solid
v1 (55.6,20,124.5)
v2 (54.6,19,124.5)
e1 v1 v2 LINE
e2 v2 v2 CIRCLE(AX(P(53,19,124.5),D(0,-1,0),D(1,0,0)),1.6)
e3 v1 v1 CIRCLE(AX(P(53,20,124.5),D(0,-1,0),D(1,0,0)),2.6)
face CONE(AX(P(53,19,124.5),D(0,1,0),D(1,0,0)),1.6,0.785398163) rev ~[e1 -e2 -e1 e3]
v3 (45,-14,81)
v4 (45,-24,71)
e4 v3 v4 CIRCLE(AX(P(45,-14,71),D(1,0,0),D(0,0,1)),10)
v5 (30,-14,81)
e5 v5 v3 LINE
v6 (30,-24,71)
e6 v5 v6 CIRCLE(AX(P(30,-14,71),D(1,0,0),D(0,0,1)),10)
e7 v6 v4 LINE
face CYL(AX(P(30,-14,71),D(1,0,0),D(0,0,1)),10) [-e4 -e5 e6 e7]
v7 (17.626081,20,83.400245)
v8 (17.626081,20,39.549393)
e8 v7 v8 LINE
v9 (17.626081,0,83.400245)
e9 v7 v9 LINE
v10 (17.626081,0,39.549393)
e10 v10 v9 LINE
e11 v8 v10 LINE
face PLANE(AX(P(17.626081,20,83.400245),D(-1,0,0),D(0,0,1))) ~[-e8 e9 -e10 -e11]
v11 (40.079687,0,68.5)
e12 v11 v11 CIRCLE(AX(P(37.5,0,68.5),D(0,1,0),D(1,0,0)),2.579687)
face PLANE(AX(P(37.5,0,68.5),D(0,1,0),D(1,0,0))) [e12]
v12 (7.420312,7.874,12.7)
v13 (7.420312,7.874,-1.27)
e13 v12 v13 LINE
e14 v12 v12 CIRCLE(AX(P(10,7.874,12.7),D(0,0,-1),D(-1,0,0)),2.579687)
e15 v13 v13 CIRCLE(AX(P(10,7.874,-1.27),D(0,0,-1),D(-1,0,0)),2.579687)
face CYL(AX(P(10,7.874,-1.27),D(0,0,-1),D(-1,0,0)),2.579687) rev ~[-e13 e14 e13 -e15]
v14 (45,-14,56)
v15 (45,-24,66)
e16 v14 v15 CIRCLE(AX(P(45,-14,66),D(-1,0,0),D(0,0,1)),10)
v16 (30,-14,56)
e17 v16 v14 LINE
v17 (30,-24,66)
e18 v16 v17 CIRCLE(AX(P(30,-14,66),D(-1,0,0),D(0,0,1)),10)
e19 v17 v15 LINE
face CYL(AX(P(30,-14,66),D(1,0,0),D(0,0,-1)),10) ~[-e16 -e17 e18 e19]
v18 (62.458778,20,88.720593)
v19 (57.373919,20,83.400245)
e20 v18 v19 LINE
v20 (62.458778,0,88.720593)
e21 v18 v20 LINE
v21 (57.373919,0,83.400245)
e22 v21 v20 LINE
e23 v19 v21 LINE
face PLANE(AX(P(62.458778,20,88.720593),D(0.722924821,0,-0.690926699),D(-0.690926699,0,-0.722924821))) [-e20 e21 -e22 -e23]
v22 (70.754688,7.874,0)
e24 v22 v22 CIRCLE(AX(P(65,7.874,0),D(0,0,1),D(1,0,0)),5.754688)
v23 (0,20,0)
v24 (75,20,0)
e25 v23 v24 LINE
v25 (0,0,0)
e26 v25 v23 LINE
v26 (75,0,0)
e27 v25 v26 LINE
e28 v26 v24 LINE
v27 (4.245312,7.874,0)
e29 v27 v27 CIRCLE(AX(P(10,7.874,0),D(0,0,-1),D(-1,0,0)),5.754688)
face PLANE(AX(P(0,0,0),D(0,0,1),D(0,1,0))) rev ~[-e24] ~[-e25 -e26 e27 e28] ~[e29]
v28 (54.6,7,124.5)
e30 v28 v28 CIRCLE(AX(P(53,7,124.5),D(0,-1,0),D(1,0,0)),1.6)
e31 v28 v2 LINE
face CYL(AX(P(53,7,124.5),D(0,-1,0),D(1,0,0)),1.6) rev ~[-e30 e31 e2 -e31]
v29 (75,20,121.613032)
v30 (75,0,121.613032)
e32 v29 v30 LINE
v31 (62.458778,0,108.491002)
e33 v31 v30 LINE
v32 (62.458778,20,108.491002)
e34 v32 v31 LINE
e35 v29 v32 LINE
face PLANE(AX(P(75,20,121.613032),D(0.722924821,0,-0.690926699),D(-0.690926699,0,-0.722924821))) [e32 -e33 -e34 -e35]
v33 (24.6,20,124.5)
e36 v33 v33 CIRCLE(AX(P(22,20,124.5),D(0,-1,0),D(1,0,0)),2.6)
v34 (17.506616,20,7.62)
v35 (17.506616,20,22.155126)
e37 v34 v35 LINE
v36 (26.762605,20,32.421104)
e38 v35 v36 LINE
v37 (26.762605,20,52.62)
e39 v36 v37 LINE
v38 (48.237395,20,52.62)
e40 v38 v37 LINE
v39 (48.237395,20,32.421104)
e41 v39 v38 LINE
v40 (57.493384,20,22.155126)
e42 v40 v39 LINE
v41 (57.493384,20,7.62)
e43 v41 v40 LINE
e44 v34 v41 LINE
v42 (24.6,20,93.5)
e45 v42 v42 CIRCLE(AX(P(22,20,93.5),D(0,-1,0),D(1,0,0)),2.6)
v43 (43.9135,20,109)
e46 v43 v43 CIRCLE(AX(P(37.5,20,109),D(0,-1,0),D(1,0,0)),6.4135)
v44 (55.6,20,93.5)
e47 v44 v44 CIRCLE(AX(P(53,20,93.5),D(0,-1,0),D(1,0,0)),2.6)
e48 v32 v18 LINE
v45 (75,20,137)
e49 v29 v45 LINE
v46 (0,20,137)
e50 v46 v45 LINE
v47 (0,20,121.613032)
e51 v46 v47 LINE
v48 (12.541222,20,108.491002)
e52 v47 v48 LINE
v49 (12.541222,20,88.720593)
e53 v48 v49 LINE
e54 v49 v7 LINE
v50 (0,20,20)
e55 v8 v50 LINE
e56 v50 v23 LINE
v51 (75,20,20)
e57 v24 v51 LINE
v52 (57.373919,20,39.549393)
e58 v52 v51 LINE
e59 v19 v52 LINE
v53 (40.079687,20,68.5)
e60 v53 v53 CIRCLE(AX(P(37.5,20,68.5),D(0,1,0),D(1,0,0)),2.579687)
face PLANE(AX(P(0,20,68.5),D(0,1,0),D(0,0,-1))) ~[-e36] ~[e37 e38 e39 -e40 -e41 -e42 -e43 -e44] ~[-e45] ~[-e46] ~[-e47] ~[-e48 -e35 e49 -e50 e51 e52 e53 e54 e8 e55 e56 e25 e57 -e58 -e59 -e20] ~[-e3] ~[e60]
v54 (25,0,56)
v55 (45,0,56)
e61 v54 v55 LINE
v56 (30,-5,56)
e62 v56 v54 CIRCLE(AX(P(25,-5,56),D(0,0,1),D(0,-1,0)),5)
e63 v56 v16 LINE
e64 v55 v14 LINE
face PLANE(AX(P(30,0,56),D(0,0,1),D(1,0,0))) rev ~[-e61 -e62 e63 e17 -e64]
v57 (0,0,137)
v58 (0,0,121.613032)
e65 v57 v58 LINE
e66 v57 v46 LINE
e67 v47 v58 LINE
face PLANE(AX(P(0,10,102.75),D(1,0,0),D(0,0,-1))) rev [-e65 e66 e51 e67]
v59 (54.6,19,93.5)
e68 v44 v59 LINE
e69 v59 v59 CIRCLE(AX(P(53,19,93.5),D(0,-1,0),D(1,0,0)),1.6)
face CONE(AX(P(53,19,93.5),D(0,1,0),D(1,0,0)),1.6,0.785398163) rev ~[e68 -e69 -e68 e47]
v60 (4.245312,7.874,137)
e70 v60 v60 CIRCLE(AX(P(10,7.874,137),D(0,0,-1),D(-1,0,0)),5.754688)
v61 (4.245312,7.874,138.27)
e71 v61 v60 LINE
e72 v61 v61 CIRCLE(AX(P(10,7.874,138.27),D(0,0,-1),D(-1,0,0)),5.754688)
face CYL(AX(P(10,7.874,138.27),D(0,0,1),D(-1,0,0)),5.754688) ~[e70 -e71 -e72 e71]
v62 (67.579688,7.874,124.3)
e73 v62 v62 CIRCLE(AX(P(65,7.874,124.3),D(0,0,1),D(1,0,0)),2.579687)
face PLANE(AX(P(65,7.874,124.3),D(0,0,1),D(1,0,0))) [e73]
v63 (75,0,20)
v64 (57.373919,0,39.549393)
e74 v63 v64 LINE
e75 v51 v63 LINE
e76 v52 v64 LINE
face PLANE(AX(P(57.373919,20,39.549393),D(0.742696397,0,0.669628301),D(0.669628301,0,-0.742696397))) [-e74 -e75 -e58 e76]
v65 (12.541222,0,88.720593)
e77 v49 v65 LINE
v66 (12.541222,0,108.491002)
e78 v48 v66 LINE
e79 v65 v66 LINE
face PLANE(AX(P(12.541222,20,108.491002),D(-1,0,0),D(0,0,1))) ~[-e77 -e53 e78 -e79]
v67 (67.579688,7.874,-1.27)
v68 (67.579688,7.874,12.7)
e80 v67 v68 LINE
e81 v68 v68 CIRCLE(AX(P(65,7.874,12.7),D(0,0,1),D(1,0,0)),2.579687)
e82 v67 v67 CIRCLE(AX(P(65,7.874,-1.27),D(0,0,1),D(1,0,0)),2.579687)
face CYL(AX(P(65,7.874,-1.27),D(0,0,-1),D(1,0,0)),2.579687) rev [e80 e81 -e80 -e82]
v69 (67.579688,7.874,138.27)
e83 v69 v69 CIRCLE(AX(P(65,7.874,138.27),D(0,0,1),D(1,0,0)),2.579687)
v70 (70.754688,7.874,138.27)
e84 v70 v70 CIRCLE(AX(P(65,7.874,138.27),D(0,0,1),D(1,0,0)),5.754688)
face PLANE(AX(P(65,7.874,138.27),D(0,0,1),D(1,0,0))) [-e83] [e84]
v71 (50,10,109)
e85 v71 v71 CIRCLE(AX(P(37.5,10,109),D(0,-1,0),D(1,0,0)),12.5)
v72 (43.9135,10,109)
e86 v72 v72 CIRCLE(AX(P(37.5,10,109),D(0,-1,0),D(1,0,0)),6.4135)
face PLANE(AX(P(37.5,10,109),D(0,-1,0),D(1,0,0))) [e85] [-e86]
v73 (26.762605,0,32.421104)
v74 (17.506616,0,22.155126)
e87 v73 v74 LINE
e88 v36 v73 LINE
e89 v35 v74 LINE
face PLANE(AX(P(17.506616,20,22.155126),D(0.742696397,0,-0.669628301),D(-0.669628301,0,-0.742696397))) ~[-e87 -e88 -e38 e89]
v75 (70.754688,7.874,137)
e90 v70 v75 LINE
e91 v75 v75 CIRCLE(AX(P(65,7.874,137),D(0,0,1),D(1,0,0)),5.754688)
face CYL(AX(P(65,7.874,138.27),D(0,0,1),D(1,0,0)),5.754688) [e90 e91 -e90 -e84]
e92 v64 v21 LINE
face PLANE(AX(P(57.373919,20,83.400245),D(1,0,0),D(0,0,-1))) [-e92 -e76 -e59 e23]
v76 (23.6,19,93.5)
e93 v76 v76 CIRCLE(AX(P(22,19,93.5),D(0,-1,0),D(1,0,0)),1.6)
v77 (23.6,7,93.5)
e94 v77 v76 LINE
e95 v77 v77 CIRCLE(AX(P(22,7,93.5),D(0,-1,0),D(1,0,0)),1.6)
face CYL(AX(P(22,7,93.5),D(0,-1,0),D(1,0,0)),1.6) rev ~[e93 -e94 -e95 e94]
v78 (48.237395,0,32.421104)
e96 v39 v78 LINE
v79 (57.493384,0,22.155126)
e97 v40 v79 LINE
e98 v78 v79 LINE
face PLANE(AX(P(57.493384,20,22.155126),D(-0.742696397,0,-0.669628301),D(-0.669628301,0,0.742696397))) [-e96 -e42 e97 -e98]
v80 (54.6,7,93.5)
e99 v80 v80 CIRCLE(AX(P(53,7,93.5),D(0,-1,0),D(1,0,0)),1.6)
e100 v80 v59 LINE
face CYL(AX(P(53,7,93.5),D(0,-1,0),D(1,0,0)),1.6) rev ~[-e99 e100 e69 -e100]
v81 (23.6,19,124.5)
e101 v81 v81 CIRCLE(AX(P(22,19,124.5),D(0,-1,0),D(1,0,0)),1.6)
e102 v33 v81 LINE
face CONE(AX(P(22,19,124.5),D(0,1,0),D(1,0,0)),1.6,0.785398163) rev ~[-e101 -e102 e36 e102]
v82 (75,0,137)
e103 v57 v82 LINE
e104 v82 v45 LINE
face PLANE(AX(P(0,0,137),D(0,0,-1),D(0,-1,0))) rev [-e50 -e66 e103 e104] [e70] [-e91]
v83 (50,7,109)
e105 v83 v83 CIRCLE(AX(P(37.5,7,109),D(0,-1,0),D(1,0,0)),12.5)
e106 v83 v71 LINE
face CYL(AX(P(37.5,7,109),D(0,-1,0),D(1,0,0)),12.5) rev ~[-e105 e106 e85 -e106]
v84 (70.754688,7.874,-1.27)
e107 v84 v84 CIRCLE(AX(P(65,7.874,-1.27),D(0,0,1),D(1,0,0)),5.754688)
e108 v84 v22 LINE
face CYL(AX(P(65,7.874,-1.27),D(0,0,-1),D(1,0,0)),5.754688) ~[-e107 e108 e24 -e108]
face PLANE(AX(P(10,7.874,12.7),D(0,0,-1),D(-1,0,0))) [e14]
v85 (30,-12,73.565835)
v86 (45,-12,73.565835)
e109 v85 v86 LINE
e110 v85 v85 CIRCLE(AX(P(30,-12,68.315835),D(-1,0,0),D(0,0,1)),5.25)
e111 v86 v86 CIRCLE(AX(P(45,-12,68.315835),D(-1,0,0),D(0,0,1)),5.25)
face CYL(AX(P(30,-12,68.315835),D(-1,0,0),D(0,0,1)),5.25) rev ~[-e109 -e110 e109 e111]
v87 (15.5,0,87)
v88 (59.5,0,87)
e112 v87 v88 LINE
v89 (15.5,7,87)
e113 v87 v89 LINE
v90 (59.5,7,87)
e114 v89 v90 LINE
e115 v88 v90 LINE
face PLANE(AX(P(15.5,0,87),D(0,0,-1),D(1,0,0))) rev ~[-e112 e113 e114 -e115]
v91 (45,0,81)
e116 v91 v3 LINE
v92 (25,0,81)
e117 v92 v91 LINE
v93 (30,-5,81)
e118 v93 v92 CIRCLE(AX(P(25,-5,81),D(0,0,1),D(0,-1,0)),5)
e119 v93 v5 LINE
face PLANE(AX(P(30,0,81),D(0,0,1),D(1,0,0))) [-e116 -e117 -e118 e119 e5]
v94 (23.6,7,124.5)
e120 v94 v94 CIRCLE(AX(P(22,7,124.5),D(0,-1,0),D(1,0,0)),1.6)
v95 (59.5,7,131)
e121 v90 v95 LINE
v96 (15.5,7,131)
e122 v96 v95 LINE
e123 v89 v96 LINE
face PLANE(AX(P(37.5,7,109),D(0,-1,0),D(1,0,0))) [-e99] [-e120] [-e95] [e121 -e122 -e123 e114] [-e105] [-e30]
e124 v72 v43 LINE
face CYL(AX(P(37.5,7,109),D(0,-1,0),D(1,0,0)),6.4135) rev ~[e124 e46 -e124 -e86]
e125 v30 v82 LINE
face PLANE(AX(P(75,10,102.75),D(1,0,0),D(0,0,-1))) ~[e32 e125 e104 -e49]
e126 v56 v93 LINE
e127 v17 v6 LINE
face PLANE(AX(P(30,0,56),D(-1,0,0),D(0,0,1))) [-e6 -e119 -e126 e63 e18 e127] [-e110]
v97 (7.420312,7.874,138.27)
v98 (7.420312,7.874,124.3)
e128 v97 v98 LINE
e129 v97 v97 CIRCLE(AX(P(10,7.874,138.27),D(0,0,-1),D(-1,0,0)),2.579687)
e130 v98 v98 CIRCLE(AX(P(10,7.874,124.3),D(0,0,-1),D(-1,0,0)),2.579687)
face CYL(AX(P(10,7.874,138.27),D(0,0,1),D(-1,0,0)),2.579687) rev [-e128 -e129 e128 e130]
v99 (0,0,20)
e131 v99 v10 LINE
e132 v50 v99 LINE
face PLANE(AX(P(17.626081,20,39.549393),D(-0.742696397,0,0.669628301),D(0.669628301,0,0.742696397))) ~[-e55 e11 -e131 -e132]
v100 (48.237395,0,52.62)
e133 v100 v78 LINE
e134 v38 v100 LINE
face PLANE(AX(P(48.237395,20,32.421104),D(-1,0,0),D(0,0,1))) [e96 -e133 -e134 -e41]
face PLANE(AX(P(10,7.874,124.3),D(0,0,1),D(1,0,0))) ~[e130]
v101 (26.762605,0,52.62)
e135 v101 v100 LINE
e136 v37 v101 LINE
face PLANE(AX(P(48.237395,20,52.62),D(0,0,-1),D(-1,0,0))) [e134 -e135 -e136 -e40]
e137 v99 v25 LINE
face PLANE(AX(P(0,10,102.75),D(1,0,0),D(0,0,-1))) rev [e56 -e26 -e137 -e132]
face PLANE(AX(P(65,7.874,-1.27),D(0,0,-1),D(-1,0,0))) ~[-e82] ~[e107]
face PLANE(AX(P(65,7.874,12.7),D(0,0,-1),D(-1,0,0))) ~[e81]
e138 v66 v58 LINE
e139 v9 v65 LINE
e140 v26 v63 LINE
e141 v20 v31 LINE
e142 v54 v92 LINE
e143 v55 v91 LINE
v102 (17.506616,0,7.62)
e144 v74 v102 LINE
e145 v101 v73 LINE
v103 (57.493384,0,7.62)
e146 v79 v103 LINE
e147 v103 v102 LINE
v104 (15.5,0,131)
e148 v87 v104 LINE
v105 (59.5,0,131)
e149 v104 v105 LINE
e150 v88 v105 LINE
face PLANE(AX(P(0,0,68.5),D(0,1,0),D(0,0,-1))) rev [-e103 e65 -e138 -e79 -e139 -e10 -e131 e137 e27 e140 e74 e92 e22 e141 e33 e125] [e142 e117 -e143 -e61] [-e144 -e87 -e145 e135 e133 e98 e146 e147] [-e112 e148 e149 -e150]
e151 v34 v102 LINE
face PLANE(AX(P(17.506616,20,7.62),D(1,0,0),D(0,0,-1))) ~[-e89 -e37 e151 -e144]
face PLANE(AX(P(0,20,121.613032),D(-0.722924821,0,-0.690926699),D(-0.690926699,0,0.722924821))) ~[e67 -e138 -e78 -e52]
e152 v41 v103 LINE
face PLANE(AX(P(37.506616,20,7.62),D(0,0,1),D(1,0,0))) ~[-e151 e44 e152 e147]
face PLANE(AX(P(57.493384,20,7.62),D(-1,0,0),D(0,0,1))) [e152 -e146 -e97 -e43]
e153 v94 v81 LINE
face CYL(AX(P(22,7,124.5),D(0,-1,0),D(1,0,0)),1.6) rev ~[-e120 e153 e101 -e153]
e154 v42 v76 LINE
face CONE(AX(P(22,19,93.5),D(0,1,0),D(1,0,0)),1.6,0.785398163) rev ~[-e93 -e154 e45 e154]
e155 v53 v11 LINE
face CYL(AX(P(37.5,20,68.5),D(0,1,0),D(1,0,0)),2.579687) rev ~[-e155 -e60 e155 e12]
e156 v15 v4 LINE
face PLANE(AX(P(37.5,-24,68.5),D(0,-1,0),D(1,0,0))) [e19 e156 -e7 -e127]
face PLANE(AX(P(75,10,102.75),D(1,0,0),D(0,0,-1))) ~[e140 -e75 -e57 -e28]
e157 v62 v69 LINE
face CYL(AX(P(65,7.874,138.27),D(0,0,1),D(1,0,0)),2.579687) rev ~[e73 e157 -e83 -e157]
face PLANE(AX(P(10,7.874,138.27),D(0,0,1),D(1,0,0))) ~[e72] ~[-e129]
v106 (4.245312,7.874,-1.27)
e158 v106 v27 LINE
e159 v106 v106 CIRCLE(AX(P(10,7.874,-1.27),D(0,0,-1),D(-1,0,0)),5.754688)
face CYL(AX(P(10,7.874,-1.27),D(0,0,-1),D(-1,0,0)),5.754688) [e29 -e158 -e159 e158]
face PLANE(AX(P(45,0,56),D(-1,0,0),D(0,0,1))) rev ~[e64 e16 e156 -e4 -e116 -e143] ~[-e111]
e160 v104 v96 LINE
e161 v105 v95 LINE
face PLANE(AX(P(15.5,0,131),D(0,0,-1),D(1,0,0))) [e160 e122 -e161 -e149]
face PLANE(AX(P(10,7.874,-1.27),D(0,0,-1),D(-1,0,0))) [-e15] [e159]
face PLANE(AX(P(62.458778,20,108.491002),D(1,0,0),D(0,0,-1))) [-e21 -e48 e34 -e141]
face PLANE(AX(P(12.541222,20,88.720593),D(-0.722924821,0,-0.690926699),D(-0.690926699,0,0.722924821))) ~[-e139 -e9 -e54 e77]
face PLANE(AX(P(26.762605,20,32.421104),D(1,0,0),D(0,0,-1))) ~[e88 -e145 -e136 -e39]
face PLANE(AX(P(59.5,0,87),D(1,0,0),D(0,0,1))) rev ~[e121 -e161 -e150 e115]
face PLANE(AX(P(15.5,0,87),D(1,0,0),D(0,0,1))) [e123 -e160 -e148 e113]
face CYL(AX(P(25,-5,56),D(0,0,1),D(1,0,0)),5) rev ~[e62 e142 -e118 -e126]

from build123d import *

# Parameters (mm, degrees)
SKETCH1_W                 = 68.5
SKETCH1_H                 = 20
BOSS_EXTRUDE1_DEPTH       = 75
SKETCH5_W                 = 15
SKETCH5_H                 = 25
BOSS_EXTRUDE2_DEPTH       = 24
SKETCH6_R                 = 5.25
CUT_EXTRUDE4_DEPTH        = 147.184814533
SKETCH2_W                 = 44
SKETCH2_H                 = 44
CUT_EXTRUDE1_DEPTH        = 7
SKETCH3_R                 = 6.4135
SKETCH3_R_2               = 1.6
CUT_EXTRUDE2_DEPTH        = 160.232534364
SKETCH4_R                 = 12.5
CUT_EXTRUDE3_DEPTH        = 3
CHAMFER1_SIZE             = 1
FILLET1_R                 = 10
FILLET2_R                 = 5
SKETCH16_R                = 2.5796875
CUT_EXTRUDE6_DEPTH        = 20
SKETCH7_R                 = 2.5796875
CUT_EXTRUDE7_DEPTH        = 12.7
BOSS_EXTRUDE3_START       = 1.27
SKETCH7_3_R               = 5.7546875
SKETCH7_3_R_2             = 2.5796875
BOSS_EXTRUDE3_DEPTH       = 1.27
MIRROR3_COPY_1_SKETCH_R   = 2.5796875
MIRROR3_COPY_1_DEPTH      = 12.7
MIRROR3_START             = 1.27
MIRROR3_COPY_2_SKETCH_R   = 5.7546875
MIRROR3_COPY_2_SKETCH_R_2 = 2.5796875
MIRROR3_COPY_2_DEPTH      = 1.27
CUT_EXTRUDE8_DEPTH        = 164.338889735


with BuildPart() as part:
    # Sketch1 → Boss-Extrude1 (new body)
    with BuildSketch(Plane(origin=(0, 0, 0), x_dir=(0, 0, -1), z_dir=(1, 0, 0))):
        with Locations((-34.25, 10)):
            Rectangle(SKETCH1_W, SKETCH1_H)
    boss_extrude1 = extrude(amount=BOSS_EXTRUDE1_DEPTH)

    # Mirror1: Boss-Extrude1 across plane
    add(boss_extrude1.mirror(Plane(origin=(75, 0, 68.5), x_dir=(1, 0, 0), z_dir=(0, 0, -1))))

    # Sketch5 → Boss-Extrude2 (add)
    with BuildSketch(Plane.XZ):
        with Locations((37.5, 68.5)):
            Rectangle(SKETCH5_W, SKETCH5_H)
    extrude(amount=BOSS_EXTRUDE2_DEPTH)

    # Sketch6 → Cut-Extrude4 (cut, through all)
    with BuildSketch(Plane.ZY.offset(-30)):
        with Locations((68.315835428, -12)):
            Circle(SKETCH6_R)
    extrude(amount=-CUT_EXTRUDE4_DEPTH, mode=Mode.SUBTRACT)

    # Sketch2 → Cut-Extrude1 (cut)
    with BuildSketch(Plane.XZ):
        with Locations((37.5, 109)):
            Rectangle(SKETCH2_W, SKETCH2_H)
    extrude(amount=-CUT_EXTRUDE1_DEPTH, mode=Mode.SUBTRACT)

    # Sketch3 → Cut-Extrude2 (cut, through all)
    with BuildSketch(Plane.XZ.offset(-7)):
        with Locations((37.5, 109)):
            Circle(SKETCH3_R)
        with Locations((22, 93.5)):
            Circle(SKETCH3_R_2)
        with Locations((22, 124.5)):
            Circle(SKETCH3_R_2)
        with Locations((53, 124.5)):
            Circle(SKETCH3_R_2)
        with Locations((53, 93.5)):
            Circle(SKETCH3_R_2)
    extrude(amount=-CUT_EXTRUDE2_DEPTH, mode=Mode.SUBTRACT)

    # Sketch4 → Cut-Extrude3 (cut)
    with BuildSketch(Plane.XZ.offset(-7)):
        with Locations((37.5, 109)):
            Circle(SKETCH4_R)
    extrude(amount=-CUT_EXTRUDE3_DEPTH, mode=Mode.SUBTRACT)

    # Chamfer1
    chamfer1_edges = [part.edges().sort_by_distance(p)[0] for p in [
        (20.4, 20, 124.5),
        (51.4, 20, 124.5),
        (51.4, 20, 93.5),
        (20.4, 20, 93.5),
    ]]
    chamfer(chamfer1_edges, length=CHAMFER1_SIZE)

    # Fillet1
    fillet1_edges = [part.edges().sort_by_distance(p)[0] for p in [
        (37.5, -24, 56),
        (37.5, -24, 81),
    ]]
    fillet(fillet1_edges, radius=FILLET1_R)

    # Fillet2
    fillet2_edges = [part.edges().sort_by_distance(p)[0] for p in [
        (30, 0, 68.5),
    ]]
    fillet(fillet2_edges, radius=FILLET2_R)

    # Sketch16 → Cut-Extrude6 (cut)
    with BuildSketch(Plane(origin=(0, 20, 0), x_dir=(1, 0, 0), z_dir=(0, 1, 0))):
        with Locations((37.5, -68.5)):
            Circle(SKETCH16_R)
    extrude(amount=-CUT_EXTRUDE6_DEPTH, mode=Mode.SUBTRACT)

    # Sketch7 → Cut-Extrude7 (cut)
    with BuildSketch(Plane(origin=(0, 0, 0), x_dir=(-1, 0, 0), z_dir=(0, 0, -1))):
        with Locations((-10, 7.874)):
            Circle(SKETCH7_R)
    cut_extrude7 = extrude(amount=-CUT_EXTRUDE7_DEPTH, mode=Mode.SUBTRACT)

    # Sketch7<3> → Boss-Extrude3 (add)
    with BuildSketch(Plane(origin=(0, 0, 0), x_dir=(-1, 0, 0), z_dir=(0, 0, -1)).offset(BOSS_EXTRUDE3_START)):
        with Locations((-10, 7.874)):
            Circle(SKETCH7_3_R)
        with Locations((-10, 7.874)):
            Circle(SKETCH7_3_R_2, mode=Mode.SUBTRACT)
    boss_extrude3 = extrude(amount=-BOSS_EXTRUDE3_DEPTH)

    # Mirror2: Cut-Extrude7, Boss-Extrude3 across plane
    add(cut_extrude7.mirror(Plane.ZY.offset(-37.5)), mode=Mode.SUBTRACT)
    add(boss_extrude3.mirror(Plane.ZY.offset(-37.5)))

    # Mirror3: Cut-Extrude7, Boss-Extrude3 across plane
    add(cut_extrude7.mirror(Plane.XY.offset(68.5)), mode=Mode.SUBTRACT)
    add(boss_extrude3.mirror(Plane.XY.offset(68.5)))

    # Mirror3 copy 1 sketch → Mirror3 copy 1 (cut)
    with BuildSketch(Plane(origin=(75, 0, 137), x_dir=(1, 0, 0), z_dir=(0, 0, 1))):
        with Locations((-10, 7.874)):
            Circle(MIRROR3_COPY_1_SKETCH_R)
    extrude(amount=-MIRROR3_COPY_1_DEPTH, mode=Mode.SUBTRACT)

    # Mirror3 copy 2 sketch → Mirror3 copy 2 (add)
    with BuildSketch(Plane(origin=(75, 0, 137), x_dir=(1, 0, 0), z_dir=(0, 0, 1)).offset(MIRROR3_START)):
        with Locations((-10, 7.874)):
            Circle(MIRROR3_COPY_2_SKETCH_R)
        with Locations((-10, 7.874)):
            Circle(MIRROR3_COPY_2_SKETCH_R_2, mode=Mode.SUBTRACT)
    extrude(amount=-MIRROR3_COPY_2_DEPTH)

    # Sketch18 → Cut-Extrude8 (cut, through all)
    with BuildSketch(Plane(origin=(0, 20, 0), x_dir=(1, 0, 0), z_dir=(0, 1, 0))):
        Polygon((62.458777686, -88.720593409), (57.373918935, -83.400245236), (57.373918935, -39.549393127), (75, -20), (75, -121.613031971), (62.458777686, -108.491001941), align=None)
        Polygon((48.237394794, -32.421103895), (48.237394794, -52.62), (37.493383725, -52.62), (37.493383725, -7.62), (57.493383725, -7.62), (57.493383725, -22.155125557), align=None)
    cut_extrude8 = extrude(amount=-CUT_EXTRUDE8_DEPTH, mode=Mode.SUBTRACT)

    # Mirror4: Cut-Extrude8 across plane
    add(cut_extrude8.mirror(Plane.ZY.offset(-37.5)), mode=Mode.SUBTRACT)


solid = part.part
